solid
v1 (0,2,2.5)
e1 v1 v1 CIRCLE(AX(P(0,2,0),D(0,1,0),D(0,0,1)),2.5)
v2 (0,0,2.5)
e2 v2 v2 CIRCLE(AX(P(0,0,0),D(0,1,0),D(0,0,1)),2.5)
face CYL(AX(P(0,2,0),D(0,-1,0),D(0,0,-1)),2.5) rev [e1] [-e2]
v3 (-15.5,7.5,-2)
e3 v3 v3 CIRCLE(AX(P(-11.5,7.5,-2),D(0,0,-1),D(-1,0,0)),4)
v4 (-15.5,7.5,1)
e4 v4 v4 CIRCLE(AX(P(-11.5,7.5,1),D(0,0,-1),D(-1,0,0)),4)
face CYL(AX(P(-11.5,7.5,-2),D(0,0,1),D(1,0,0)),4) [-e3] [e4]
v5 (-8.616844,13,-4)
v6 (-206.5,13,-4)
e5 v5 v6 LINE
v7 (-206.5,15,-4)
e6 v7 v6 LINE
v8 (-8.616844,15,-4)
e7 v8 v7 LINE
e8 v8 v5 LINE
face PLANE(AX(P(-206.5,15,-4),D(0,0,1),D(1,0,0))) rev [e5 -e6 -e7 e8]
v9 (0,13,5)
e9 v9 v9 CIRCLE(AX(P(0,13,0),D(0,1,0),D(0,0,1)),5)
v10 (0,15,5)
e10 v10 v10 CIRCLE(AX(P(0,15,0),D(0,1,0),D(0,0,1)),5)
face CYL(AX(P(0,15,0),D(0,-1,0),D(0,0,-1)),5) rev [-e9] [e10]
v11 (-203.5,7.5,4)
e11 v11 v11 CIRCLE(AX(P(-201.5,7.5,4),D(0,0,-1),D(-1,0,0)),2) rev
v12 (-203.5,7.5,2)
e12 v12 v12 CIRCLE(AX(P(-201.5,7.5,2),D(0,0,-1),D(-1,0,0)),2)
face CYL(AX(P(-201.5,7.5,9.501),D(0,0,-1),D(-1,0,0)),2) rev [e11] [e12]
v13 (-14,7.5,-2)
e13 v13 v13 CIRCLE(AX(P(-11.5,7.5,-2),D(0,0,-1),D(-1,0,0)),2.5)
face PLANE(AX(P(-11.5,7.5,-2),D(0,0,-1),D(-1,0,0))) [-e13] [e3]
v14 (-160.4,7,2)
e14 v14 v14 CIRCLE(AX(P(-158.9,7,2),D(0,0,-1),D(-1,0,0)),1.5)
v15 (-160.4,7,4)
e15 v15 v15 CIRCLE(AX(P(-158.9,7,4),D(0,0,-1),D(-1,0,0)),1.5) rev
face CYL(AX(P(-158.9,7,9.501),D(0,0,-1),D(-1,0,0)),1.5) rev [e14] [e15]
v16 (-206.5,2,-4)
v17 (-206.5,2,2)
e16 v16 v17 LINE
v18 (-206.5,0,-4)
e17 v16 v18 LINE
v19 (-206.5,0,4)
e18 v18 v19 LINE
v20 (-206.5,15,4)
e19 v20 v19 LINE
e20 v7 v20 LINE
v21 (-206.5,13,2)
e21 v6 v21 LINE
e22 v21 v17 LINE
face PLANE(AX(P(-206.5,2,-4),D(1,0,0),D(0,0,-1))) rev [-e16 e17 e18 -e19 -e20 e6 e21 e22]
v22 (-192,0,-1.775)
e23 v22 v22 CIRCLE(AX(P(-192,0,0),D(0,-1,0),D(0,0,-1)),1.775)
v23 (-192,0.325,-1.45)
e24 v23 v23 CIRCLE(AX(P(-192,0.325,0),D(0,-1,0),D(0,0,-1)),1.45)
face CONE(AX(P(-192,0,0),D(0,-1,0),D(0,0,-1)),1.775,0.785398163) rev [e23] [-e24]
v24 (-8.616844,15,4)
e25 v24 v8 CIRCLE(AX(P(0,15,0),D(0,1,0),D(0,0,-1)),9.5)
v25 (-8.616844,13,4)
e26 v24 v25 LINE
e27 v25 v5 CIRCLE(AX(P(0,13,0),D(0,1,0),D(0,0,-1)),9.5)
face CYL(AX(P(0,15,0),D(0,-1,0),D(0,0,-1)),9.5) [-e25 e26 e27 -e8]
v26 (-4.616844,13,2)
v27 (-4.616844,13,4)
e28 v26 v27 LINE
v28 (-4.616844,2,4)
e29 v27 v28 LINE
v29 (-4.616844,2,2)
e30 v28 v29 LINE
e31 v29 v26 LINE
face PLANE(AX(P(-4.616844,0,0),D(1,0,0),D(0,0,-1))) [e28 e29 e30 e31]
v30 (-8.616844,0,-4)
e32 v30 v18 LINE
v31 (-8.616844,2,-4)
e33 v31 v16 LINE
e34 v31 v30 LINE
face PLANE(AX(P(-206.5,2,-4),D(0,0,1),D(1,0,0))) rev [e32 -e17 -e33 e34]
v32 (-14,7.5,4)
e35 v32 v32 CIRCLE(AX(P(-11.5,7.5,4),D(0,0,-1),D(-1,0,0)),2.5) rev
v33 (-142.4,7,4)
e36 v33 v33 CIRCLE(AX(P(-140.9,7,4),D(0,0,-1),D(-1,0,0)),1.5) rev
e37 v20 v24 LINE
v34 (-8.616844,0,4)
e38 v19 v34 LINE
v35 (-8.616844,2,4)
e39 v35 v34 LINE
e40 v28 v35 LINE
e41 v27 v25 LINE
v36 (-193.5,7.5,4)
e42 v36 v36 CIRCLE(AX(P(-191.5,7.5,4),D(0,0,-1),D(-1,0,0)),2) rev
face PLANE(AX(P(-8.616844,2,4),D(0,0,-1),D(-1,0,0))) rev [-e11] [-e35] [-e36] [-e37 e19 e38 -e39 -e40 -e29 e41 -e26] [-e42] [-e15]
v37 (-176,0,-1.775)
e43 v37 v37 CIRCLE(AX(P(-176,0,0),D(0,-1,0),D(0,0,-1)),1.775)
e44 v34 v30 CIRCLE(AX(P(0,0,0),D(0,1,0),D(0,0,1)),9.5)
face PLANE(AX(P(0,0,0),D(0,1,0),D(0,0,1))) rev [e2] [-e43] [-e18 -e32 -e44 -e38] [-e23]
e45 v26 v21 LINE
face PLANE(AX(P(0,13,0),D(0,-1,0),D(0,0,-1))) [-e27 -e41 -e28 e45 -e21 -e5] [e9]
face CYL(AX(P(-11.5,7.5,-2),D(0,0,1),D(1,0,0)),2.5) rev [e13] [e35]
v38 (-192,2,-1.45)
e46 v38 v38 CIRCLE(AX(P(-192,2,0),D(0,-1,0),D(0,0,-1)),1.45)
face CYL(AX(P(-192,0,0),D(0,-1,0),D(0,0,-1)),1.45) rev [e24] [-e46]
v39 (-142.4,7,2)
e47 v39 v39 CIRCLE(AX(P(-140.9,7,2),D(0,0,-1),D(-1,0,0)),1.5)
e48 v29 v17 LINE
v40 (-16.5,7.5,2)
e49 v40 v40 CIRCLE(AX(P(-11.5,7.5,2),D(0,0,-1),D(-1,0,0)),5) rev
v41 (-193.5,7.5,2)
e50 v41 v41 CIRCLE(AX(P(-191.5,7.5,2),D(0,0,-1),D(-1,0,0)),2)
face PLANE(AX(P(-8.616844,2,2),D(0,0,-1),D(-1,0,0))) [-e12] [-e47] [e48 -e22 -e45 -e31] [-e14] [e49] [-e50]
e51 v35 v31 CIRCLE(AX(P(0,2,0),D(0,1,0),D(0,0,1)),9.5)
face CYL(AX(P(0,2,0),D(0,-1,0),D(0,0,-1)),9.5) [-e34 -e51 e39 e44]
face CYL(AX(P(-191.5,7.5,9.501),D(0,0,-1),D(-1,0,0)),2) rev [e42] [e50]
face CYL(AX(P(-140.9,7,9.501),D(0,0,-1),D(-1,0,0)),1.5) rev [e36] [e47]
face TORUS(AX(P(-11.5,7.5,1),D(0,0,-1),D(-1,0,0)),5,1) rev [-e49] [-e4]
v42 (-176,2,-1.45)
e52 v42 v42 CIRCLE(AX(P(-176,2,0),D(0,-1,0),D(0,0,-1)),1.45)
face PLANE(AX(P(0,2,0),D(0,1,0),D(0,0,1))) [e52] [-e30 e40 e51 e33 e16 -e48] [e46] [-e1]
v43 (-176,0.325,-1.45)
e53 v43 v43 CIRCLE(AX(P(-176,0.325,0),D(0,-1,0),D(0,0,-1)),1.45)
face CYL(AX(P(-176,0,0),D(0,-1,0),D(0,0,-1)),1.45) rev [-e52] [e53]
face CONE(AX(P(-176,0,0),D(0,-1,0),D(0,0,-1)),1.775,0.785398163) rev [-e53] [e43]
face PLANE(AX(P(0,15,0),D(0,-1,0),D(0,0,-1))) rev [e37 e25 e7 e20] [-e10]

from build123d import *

# Parameters (mm, degrees)
SKETCH1_R                         = 2.5
BOSS_EXTRUDE3_DEPTH               = 2
SKETCH5_W                         = 2
SKETCH5_H                         = 11
BOSS_EXTRUDE4_DEPTH               = 197.88316
SKETCH6_R                         = 5
BOSS_EXTRUDE5_DEPTH               = 2
SKETCH8_W                         = 2
SKETCH8_H                         = 11
BOSS_EXTRUDE6_DEPTH               = 4
CUT_EXTRUDE8_REACH                = 209.363
SKETCH10_R                        = 2
SKETCH10_R_2                      = 1.5
SKETCH11_R                        = 4
SKETCH11_R_2                      = 2.5
BOSS_EXTRUDE7_DEPTH               = 4
CUT_EXTRUDE9_REACH                = 209.363
SKETCH12_R                        = 2.5
M3_5X0_6_TAPPED_HOLE2_D           = 2.9
M3_5X0_6_TAPPED_HOLE2_DEPTH       = 2
M3_5X0_6_TAPPED_HOLE2_CSINK_D     = 3.55
M3_5X0_6_TAPPED_HOLE2_CSINK_ANGLE = 90
M3_5X0_6_TAPPED_HOLE2_TIP         = 0.871247898
FILLET1_R                         = 1


with BuildPart() as part:
    # Sketch1 → Boss-Extrude3 (new body)
    with BuildSketch(Plane(origin=(0, 0, 0), x_dir=(1, 0, 0), z_dir=(0, 1, 0))):
        with BuildLine():
            Line((-206.5, 4), (-8.61684397, 4))
            ThreePointArc((-8.61684397, 4), (9.5, 0), (-8.61684397, -4))
            Line((-8.61684397, -4), (-206.5, -4))
            Line((-206.5, -4), (-206.5, 4))
        make_face()
        with Locations(Location((0, 0, 0), (0, 0, 270))):
            Circle(SKETCH1_R, mode=Mode.SUBTRACT)
    extrude(amount=BOSS_EXTRUDE3_DEPTH)

    # Sketch5 → Boss-Extrude4 (add)
    with BuildSketch(Plane.ZY.offset(206.5)):
        with Locations((3, 7.5)):
            Rectangle(SKETCH5_W, SKETCH5_H)
    extrude(amount=-BOSS_EXTRUDE4_DEPTH)


with BuildPart() as boss_extrude5_tool:
    # Sketch6 → Boss-Extrude5 (new body)
    with BuildSketch(Plane(origin=(0, 13, 0), x_dir=(1, 0, 0), z_dir=(0, 1, 0))):
        with BuildLine():
            Line((-206.5, 4), (-8.61684397, 4))
            ThreePointArc((-8.61684397, 4), (9.5, 0), (-8.61684397, -4))
            Line((-8.61684397, -4), (-206.5, -4))
            Line((-206.5, -4), (-206.5, 4))
        make_face()
        with Locations(Location((0, 0, 0), (0, 0, 270))):
            Circle(SKETCH6_R, mode=Mode.SUBTRACT)
    extrude(amount=BOSS_EXTRUDE5_DEPTH)


with BuildPart() as part_1:
    add(part.part)


with BuildPart() as part_2:
    # Boss-Extrude5: joined with boss_extrude5_tool
    add(part_1.part.fuse(boss_extrude5_tool.part, tol=0.00001))

    # Sketch8 → Boss-Extrude6 (add)
    with BuildSketch(Plane(origin=(-8.61684397, 0, 0), x_dir=(0, 0, -1), z_dir=(1, 0, 0))):
        with Locations((-3, 7.5)):
            Rectangle(SKETCH8_W, SKETCH8_H)
    extrude(amount=BOSS_EXTRUDE6_DEPTH)

    # Sketch10 → Cut-Extrude8 (cut, up to next)
    with BuildSketch(Plane(origin=(0, 0, 2), x_dir=(-1, 0, 0), z_dir=(0, 0, -1)), mode=Mode.PRIVATE) as cut_extrude8_sk1:
        with Locations((201.5, 7.5)):
            Circle(SKETCH10_R)
    cut_extrude8_tool1 = extrude(cut_extrude8_sk1.sketch, amount=-CUT_EXTRUDE8_REACH, mode=Mode.PRIVATE) & part_2.part
    # Sketch10 → Cut-Extrude8 (cut, up to next)
    with BuildSketch(Plane(origin=(0, 0, 2), x_dir=(-1, 0, 0), z_dir=(0, 0, -1)), mode=Mode.PRIVATE) as cut_extrude8_sk2:
        with Locations((191.5, 7.5)):
            Circle(SKETCH10_R)
    cut_extrude8_tool2 = extrude(cut_extrude8_sk2.sketch, amount=-CUT_EXTRUDE8_REACH, mode=Mode.PRIVATE) & part_2.part
    # Sketch10 → Cut-Extrude8 (cut, up to next)
    with BuildSketch(Plane(origin=(0, 0, 2), x_dir=(-1, 0, 0), z_dir=(0, 0, -1)), mode=Mode.PRIVATE) as cut_extrude8_sk3:
        with Locations((158.9, 7)):
            Circle(SKETCH10_R_2)
    cut_extrude8_tool3 = extrude(cut_extrude8_sk3.sketch, amount=-CUT_EXTRUDE8_REACH, mode=Mode.PRIVATE) & part_2.part
    # Sketch10 → Cut-Extrude8 (cut, up to next)
    with BuildSketch(Plane(origin=(0, 0, 2), x_dir=(-1, 0, 0), z_dir=(0, 0, -1)), mode=Mode.PRIVATE) as cut_extrude8_sk4:
        with Locations((140.9, 7)):
            Circle(SKETCH10_R_2)
    cut_extrude8_tool4 = extrude(cut_extrude8_sk4.sketch, amount=-CUT_EXTRUDE8_REACH, mode=Mode.PRIVATE) & part_2.part
    add(cut_extrude8_tool1.solids().sort_by_distance((-201.5, 7.5, 2))[0], mode=Mode.SUBTRACT)
    add(cut_extrude8_tool2.solids().sort_by_distance((-191.5, 7.5, 2))[0], mode=Mode.SUBTRACT)
    add(cut_extrude8_tool3.solids().sort_by_distance((-158.9, 7, 2))[0], mode=Mode.SUBTRACT)
    add(cut_extrude8_tool4.solids().sort_by_distance((-140.9, 7, 2))[0], mode=Mode.SUBTRACT)

    # Sketch11 → Boss-Extrude7 (add)
    with BuildSketch(Plane(origin=(0, 0, 2), x_dir=(-1, 0, 0), z_dir=(0, 0, -1))):
        with Locations((11.5, 7.5)):
            Circle(SKETCH11_R)
        with Locations((11.5, 7.5)):
            Circle(SKETCH11_R_2, mode=Mode.SUBTRACT)
    extrude(amount=BOSS_EXTRUDE7_DEPTH)

    # Sketch12 → Cut-Extrude9 (cut, up to next)
    with BuildSketch(Plane(origin=(0, 0, 2), x_dir=(-1, 0, 0), z_dir=(0, 0, -1)), mode=Mode.PRIVATE) as cut_extrude9_sk1:
        with Locations((11.5, 7.5)):
            Circle(SKETCH12_R)
    cut_extrude9_tool1 = extrude(cut_extrude9_sk1.sketch, amount=-CUT_EXTRUDE9_REACH, mode=Mode.PRIVATE) & part_2.part
    add(cut_extrude9_tool1.solids().sort_by_distance((-11.5, 7.5, 2))[0], mode=Mode.SUBTRACT)

    # M3.5x0.6 Tapped Hole2
    with Locations(Plane(origin=(0, 0, 0), x_dir=(-1, 0, 0), z_dir=(0, -1, 0))):
        with Locations((192, 0), (176, 0)):
            CounterSinkHole(M3_5X0_6_TAPPED_HOLE2_D / 2, M3_5X0_6_TAPPED_HOLE2_CSINK_D / 2, depth=M3_5X0_6_TAPPED_HOLE2_DEPTH, counter_sink_angle=M3_5X0_6_TAPPED_HOLE2_CSINK_ANGLE)
            with Locations((0, 0, -(M3_5X0_6_TAPPED_HOLE2_DEPTH + M3_5X0_6_TAPPED_HOLE2_TIP / 2))):  # 118° drill point
                Cone(0, M3_5X0_6_TAPPED_HOLE2_D / 2, M3_5X0_6_TAPPED_HOLE2_TIP, mode=Mode.SUBTRACT)

    # Fillet1
    fillet1_edges = [part_2.edges().sort_by_distance(p)[0] for p in [
        (-7.5, 7.5, 2),
    ]]
    fillet(fillet1_edges, radius=FILLET1_R)


solid = part_2.part
